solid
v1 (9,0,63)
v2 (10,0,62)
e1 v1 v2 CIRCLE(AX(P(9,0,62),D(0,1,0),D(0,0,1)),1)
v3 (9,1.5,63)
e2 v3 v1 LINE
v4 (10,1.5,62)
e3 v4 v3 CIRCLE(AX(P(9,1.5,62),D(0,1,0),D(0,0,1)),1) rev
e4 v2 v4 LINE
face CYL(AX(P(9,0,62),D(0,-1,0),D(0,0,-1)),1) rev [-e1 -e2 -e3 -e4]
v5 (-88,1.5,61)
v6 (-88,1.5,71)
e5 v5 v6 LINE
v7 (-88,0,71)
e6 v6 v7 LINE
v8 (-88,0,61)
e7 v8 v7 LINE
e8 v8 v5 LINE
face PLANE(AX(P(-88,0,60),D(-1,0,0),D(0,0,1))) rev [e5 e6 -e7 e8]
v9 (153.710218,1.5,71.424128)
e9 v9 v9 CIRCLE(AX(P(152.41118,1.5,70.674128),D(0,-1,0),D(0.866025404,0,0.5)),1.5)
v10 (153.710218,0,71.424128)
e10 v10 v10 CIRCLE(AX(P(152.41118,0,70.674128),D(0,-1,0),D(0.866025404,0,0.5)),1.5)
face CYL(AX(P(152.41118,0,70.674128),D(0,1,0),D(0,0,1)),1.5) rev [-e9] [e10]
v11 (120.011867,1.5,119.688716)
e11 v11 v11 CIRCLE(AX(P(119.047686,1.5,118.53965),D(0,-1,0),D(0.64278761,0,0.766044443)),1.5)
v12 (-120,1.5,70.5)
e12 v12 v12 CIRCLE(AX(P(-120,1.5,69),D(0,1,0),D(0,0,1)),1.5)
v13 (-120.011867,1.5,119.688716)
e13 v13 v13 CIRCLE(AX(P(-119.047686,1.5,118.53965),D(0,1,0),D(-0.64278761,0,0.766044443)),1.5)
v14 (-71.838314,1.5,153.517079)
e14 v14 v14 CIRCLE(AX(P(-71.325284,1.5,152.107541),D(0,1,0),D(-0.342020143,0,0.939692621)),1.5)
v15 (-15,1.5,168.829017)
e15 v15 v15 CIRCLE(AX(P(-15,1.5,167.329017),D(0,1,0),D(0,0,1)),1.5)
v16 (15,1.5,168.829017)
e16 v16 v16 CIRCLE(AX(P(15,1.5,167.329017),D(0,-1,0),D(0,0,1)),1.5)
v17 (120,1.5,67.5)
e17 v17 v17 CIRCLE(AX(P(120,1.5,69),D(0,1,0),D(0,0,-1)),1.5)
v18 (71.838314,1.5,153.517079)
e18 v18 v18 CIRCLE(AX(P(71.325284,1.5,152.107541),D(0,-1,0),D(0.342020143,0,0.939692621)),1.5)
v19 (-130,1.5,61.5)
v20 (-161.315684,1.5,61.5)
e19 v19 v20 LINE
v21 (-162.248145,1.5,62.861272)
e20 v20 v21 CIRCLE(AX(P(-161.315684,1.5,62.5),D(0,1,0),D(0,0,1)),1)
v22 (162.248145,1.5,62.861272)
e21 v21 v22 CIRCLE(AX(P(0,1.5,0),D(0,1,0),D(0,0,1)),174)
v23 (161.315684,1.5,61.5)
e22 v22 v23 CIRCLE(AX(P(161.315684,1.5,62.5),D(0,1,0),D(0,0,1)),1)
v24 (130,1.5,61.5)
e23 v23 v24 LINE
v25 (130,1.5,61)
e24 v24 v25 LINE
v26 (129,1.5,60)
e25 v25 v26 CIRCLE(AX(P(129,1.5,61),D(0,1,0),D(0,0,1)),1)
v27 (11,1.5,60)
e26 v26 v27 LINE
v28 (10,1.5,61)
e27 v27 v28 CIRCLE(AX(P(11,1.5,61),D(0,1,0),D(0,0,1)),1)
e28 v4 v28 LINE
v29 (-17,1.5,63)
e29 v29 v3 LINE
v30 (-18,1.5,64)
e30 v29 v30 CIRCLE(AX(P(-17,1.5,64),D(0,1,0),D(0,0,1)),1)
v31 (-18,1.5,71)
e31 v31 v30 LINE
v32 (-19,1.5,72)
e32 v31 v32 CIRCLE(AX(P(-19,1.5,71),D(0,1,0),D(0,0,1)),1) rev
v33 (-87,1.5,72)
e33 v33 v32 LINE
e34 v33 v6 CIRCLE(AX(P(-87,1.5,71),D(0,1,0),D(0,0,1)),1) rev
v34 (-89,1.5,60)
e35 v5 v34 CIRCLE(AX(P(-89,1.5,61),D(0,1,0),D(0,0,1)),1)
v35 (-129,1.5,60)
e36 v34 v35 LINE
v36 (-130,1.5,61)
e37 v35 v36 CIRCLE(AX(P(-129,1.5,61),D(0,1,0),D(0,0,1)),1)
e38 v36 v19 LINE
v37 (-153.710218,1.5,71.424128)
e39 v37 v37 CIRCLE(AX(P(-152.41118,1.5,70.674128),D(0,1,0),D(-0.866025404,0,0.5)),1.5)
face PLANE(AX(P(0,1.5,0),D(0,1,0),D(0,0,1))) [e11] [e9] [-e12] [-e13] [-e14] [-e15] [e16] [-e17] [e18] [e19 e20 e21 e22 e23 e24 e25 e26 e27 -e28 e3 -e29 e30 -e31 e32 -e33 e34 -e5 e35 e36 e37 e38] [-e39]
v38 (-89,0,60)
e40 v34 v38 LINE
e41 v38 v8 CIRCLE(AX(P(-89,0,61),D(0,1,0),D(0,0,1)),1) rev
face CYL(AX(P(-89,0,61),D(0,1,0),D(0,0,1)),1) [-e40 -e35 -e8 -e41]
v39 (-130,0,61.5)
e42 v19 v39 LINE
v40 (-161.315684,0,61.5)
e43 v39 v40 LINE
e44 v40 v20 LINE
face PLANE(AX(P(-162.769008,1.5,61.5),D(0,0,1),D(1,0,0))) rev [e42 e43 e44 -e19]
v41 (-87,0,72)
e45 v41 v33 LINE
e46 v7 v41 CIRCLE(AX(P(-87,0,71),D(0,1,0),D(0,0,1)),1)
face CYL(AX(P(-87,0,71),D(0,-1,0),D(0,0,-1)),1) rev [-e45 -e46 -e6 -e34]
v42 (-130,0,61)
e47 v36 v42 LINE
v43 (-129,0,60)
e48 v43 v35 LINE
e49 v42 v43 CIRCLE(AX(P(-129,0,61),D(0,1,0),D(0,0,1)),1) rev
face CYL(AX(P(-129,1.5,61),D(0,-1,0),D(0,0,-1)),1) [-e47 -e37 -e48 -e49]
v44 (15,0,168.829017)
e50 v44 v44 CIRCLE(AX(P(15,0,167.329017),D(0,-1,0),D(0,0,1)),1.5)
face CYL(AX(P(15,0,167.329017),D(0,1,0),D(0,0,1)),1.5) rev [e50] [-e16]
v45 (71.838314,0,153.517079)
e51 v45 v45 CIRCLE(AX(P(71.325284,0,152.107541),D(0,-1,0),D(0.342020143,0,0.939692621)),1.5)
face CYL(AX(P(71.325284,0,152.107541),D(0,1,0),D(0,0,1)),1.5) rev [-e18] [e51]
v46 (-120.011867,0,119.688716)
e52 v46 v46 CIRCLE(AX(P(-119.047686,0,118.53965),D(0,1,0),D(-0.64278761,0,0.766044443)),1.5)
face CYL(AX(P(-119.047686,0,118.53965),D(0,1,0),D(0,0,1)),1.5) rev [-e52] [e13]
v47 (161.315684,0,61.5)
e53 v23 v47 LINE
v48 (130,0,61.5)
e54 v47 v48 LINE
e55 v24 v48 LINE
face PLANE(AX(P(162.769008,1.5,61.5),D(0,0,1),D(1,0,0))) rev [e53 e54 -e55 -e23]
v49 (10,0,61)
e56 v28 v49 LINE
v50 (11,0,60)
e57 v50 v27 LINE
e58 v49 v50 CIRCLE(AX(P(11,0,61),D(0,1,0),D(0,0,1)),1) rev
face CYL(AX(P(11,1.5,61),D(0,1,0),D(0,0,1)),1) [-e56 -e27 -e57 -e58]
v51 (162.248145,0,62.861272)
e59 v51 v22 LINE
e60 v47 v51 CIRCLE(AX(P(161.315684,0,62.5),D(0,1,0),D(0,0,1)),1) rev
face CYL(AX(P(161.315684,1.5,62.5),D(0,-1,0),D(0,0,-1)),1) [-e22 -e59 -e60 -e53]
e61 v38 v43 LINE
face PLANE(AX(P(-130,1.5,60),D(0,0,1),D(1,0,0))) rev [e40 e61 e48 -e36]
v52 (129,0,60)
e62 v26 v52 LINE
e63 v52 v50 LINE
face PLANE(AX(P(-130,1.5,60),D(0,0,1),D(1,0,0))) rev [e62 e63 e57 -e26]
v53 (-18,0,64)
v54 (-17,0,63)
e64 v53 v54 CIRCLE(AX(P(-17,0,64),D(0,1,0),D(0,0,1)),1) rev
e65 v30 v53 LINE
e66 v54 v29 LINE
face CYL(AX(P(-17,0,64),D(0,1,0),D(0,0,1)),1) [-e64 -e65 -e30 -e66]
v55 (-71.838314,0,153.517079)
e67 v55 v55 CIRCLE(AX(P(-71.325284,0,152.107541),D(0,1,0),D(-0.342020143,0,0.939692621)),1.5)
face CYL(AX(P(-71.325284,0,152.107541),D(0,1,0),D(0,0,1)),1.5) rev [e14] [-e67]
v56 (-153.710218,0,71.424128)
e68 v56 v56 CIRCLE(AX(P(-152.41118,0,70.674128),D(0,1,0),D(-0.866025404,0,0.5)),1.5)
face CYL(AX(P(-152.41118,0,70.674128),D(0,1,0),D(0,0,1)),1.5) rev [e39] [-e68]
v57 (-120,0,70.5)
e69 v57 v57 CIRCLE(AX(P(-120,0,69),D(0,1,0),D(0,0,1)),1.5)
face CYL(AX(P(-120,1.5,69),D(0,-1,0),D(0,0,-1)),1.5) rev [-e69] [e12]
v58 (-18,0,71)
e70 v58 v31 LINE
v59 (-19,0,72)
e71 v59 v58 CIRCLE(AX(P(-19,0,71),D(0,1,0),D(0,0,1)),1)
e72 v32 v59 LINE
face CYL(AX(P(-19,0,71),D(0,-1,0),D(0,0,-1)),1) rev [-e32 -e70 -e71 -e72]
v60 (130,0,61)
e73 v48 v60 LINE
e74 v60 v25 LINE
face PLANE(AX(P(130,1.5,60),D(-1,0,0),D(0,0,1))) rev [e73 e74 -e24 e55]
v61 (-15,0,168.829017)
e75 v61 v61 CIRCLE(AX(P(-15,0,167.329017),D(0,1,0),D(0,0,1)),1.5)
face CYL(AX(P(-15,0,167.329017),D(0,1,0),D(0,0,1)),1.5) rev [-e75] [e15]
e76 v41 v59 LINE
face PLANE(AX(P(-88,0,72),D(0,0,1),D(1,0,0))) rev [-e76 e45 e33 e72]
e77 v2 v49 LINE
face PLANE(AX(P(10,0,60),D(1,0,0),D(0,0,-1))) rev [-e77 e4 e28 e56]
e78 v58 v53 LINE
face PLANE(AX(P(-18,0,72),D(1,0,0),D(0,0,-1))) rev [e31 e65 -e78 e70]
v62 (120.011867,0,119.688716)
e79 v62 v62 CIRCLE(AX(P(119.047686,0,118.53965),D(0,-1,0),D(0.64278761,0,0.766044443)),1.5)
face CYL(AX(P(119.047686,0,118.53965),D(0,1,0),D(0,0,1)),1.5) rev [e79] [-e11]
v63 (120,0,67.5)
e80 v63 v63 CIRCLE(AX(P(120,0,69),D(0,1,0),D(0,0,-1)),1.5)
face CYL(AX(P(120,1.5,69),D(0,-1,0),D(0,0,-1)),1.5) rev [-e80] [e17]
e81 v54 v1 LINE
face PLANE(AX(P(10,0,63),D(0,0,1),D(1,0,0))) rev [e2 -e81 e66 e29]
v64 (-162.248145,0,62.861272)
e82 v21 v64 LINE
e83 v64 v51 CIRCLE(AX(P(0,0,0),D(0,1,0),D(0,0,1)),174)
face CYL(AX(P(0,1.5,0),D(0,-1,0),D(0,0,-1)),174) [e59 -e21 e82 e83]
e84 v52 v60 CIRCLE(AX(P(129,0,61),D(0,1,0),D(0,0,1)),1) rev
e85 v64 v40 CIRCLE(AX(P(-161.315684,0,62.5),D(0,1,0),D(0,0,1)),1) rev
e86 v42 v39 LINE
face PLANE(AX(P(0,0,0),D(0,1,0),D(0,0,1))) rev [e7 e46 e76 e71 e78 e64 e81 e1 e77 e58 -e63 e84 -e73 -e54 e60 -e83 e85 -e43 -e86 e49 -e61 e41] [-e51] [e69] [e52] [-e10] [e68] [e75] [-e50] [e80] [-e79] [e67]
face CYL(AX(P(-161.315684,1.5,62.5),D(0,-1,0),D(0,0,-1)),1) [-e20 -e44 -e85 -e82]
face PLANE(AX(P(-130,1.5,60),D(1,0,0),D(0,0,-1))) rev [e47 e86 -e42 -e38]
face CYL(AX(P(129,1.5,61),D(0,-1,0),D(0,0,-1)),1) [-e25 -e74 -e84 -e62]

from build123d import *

# Parameters (mm, degrees)
ESQUISSE1_R                  = 1.5
BOSS_EXTRU_1_DEPTH           = 1.5
CONG_2_R                     = 1
ESQUISSE2_R                  = 1.5
ENL_V_MAT_EXTRU_1_DEPTH      = 238.959306119
R_P_TITION_CIRCULAIRE1_COUNT = 4
R_P_TITION_CIRCULAIRE1_ANGLE = 60
SYM_TRIE1_COPY_1_SKETCH_R    = 1.5
SYM_TRIE1_COPY_1_DEPTH       = 238.959306119
SYM_TRIE1_COPY_2_SKETCH_R    = 1.5
SYM_TRIE1_COPY_2_DEPTH       = 238.959306119
SYM_TRIE1_COPY_3_SKETCH_R    = 1.5
SYM_TRIE1_COPY_3_DEPTH       = 238.959306119
ENL_V_MAT_EXTRU_2_DEPTH      = 238.959306119
CONG_3_R                     = 1


with BuildPart() as part:
    # Esquisse1 → Boss.-Extru.1 (new body)
    with BuildSketch(Plane(origin=(0, 0, 0), x_dir=(1, 0, 0), z_dir=(0, 1, 0))):
        with BuildLine():
            Line((-130, -60), (130, -60))
            Line((130, -60), (130, -61.5))
            Line((130, -61.5), (162.769008107, -61.5))
            ThreePointArc((162.769008107, -61.5), (98.931794687, -143.138045257), (0, -174))
            ThreePointArc((0, -174), (-98.931794687, -143.138045257), (-162.769008107, -61.5))
            Line((-162.769008107, -61.5), (-130, -61.5))
            Line((-130, -61.5), (-130, -60))
        make_face()
        with Locations(Location((-120, -69, 0), (0, 0, 270))):
            Circle(ESQUISSE1_R, mode=Mode.SUBTRACT)
        with Locations(Location((120, -69, 0), (0, 0, 90))):
            Circle(ESQUISSE1_R, mode=Mode.SUBTRACT)
    extrude(amount=BOSS_EXTRU_1_DEPTH)

    # Congé2
    cong_2_edges = [part.edges().sort_by_distance(p)[0] for p in [
        (-130, 0.75, 60),
        (130, 0.75, 60),
        (162.769008107, 0.75, 61.5),
        (-162.769008107, 0.75, 61.5),
    ]]
    fillet(cong_2_edges, radius=CONG_2_R)

    # Esquisse2 → Enlèv. mat.-Extru.1 (cut, through all)
    with BuildSketch(Plane(origin=(0, 1.5, 0), x_dir=(1, 0, 0), z_dir=(0, 1, 0))):
        with Locations(Location((-15, -167.329017209, 0), (0, 0, 270))):
            Circle(ESQUISSE2_R)
    enl_v_mat_extru_1 = extrude(amount=-ENL_V_MAT_EXTRU_1_DEPTH, mode=Mode.SUBTRACT)

    # Répétition circulaire1: Enlèv. mat.-Extru.1 ×4 about axis
    r_p_tition_circulaire1_axis = Axis((0, 0, 0), (0, -1, 0))
    for i in range(1, R_P_TITION_CIRCULAIRE1_COUNT):
        add(enl_v_mat_extru_1.rotate(r_p_tition_circulaire1_axis, i * R_P_TITION_CIRCULAIRE1_ANGLE / (R_P_TITION_CIRCULAIRE1_COUNT - 1)), mode=Mode.SUBTRACT)

    # Symétrie1: Enlèv. mat.-Extru.1 across plane
    add(enl_v_mat_extru_1.mirror(Plane(origin=(0, 0, 0), x_dir=(0, 0, 1), z_dir=(1, 0, 0))), mode=Mode.SUBTRACT)

    # Symétrie1 copy 1 sketch → Symétrie1 copy 1 (cut, through all)
    with BuildSketch(Plane(origin=(0, 1.5, 0), x_dir=(-0.9396926207859081, 0, 0.3420201433256695), z_dir=(0, 1, 0))):
        with Locations((-15, 167.329017209)):
            Circle(SYM_TRIE1_COPY_1_SKETCH_R)
    extrude(amount=-SYM_TRIE1_COPY_1_DEPTH, mode=Mode.SUBTRACT)

    # Symétrie1 copy 2 sketch → Symétrie1 copy 2 (cut, through all)
    with BuildSketch(Plane(origin=(0, 1.5, 0), x_dir=(-0.766044443118977, 0, 0.6427876096865406), z_dir=(0, 1, 0))):
        with Locations((-15, 167.329017209)):
            Circle(SYM_TRIE1_COPY_2_SKETCH_R)
    extrude(amount=-SYM_TRIE1_COPY_2_DEPTH, mode=Mode.SUBTRACT)

    # Symétrie1 copy 3 sketch → Symétrie1 copy 3 (cut, through all)
    with BuildSketch(Plane(origin=(0, 1.5, 0), x_dir=(-0.4999999999999978, 0, 0.8660254037844399), z_dir=(0, 1, 0))):
        with Locations((-15, 167.329017209)):
            Circle(SYM_TRIE1_COPY_3_SKETCH_R)
    extrude(amount=-SYM_TRIE1_COPY_3_DEPTH, mode=Mode.SUBTRACT)

    # Esquisse3 → Enlèv. mat.-Extru.2 (cut, through all)
    with BuildSketch(Plane(origin=(0, 1.5, 0), x_dir=(1, 0, 0), z_dir=(0, 1, 0))):
        Polygon((-88, -60), (10, -60), (10, -63), (-18, -63), (-18, -72), (-88, -72), align=None)
    extrude(amount=-ENL_V_MAT_EXTRU_2_DEPTH, mode=Mode.SUBTRACT)

    # Congé3
    cong_3_edges = [part.edges().sort_by_distance(p)[0] for p in [
        (-18, 0.75, 72),
        (-88, 0.75, 72),
        (-88, 0.75, 60),
        (10, 0.75, 60),
        (10, 0.75, 63),
        (-18, 0.75, 63),
    ]]
    fillet(cong_3_edges, radius=CONG_3_R)


solid = part.part
